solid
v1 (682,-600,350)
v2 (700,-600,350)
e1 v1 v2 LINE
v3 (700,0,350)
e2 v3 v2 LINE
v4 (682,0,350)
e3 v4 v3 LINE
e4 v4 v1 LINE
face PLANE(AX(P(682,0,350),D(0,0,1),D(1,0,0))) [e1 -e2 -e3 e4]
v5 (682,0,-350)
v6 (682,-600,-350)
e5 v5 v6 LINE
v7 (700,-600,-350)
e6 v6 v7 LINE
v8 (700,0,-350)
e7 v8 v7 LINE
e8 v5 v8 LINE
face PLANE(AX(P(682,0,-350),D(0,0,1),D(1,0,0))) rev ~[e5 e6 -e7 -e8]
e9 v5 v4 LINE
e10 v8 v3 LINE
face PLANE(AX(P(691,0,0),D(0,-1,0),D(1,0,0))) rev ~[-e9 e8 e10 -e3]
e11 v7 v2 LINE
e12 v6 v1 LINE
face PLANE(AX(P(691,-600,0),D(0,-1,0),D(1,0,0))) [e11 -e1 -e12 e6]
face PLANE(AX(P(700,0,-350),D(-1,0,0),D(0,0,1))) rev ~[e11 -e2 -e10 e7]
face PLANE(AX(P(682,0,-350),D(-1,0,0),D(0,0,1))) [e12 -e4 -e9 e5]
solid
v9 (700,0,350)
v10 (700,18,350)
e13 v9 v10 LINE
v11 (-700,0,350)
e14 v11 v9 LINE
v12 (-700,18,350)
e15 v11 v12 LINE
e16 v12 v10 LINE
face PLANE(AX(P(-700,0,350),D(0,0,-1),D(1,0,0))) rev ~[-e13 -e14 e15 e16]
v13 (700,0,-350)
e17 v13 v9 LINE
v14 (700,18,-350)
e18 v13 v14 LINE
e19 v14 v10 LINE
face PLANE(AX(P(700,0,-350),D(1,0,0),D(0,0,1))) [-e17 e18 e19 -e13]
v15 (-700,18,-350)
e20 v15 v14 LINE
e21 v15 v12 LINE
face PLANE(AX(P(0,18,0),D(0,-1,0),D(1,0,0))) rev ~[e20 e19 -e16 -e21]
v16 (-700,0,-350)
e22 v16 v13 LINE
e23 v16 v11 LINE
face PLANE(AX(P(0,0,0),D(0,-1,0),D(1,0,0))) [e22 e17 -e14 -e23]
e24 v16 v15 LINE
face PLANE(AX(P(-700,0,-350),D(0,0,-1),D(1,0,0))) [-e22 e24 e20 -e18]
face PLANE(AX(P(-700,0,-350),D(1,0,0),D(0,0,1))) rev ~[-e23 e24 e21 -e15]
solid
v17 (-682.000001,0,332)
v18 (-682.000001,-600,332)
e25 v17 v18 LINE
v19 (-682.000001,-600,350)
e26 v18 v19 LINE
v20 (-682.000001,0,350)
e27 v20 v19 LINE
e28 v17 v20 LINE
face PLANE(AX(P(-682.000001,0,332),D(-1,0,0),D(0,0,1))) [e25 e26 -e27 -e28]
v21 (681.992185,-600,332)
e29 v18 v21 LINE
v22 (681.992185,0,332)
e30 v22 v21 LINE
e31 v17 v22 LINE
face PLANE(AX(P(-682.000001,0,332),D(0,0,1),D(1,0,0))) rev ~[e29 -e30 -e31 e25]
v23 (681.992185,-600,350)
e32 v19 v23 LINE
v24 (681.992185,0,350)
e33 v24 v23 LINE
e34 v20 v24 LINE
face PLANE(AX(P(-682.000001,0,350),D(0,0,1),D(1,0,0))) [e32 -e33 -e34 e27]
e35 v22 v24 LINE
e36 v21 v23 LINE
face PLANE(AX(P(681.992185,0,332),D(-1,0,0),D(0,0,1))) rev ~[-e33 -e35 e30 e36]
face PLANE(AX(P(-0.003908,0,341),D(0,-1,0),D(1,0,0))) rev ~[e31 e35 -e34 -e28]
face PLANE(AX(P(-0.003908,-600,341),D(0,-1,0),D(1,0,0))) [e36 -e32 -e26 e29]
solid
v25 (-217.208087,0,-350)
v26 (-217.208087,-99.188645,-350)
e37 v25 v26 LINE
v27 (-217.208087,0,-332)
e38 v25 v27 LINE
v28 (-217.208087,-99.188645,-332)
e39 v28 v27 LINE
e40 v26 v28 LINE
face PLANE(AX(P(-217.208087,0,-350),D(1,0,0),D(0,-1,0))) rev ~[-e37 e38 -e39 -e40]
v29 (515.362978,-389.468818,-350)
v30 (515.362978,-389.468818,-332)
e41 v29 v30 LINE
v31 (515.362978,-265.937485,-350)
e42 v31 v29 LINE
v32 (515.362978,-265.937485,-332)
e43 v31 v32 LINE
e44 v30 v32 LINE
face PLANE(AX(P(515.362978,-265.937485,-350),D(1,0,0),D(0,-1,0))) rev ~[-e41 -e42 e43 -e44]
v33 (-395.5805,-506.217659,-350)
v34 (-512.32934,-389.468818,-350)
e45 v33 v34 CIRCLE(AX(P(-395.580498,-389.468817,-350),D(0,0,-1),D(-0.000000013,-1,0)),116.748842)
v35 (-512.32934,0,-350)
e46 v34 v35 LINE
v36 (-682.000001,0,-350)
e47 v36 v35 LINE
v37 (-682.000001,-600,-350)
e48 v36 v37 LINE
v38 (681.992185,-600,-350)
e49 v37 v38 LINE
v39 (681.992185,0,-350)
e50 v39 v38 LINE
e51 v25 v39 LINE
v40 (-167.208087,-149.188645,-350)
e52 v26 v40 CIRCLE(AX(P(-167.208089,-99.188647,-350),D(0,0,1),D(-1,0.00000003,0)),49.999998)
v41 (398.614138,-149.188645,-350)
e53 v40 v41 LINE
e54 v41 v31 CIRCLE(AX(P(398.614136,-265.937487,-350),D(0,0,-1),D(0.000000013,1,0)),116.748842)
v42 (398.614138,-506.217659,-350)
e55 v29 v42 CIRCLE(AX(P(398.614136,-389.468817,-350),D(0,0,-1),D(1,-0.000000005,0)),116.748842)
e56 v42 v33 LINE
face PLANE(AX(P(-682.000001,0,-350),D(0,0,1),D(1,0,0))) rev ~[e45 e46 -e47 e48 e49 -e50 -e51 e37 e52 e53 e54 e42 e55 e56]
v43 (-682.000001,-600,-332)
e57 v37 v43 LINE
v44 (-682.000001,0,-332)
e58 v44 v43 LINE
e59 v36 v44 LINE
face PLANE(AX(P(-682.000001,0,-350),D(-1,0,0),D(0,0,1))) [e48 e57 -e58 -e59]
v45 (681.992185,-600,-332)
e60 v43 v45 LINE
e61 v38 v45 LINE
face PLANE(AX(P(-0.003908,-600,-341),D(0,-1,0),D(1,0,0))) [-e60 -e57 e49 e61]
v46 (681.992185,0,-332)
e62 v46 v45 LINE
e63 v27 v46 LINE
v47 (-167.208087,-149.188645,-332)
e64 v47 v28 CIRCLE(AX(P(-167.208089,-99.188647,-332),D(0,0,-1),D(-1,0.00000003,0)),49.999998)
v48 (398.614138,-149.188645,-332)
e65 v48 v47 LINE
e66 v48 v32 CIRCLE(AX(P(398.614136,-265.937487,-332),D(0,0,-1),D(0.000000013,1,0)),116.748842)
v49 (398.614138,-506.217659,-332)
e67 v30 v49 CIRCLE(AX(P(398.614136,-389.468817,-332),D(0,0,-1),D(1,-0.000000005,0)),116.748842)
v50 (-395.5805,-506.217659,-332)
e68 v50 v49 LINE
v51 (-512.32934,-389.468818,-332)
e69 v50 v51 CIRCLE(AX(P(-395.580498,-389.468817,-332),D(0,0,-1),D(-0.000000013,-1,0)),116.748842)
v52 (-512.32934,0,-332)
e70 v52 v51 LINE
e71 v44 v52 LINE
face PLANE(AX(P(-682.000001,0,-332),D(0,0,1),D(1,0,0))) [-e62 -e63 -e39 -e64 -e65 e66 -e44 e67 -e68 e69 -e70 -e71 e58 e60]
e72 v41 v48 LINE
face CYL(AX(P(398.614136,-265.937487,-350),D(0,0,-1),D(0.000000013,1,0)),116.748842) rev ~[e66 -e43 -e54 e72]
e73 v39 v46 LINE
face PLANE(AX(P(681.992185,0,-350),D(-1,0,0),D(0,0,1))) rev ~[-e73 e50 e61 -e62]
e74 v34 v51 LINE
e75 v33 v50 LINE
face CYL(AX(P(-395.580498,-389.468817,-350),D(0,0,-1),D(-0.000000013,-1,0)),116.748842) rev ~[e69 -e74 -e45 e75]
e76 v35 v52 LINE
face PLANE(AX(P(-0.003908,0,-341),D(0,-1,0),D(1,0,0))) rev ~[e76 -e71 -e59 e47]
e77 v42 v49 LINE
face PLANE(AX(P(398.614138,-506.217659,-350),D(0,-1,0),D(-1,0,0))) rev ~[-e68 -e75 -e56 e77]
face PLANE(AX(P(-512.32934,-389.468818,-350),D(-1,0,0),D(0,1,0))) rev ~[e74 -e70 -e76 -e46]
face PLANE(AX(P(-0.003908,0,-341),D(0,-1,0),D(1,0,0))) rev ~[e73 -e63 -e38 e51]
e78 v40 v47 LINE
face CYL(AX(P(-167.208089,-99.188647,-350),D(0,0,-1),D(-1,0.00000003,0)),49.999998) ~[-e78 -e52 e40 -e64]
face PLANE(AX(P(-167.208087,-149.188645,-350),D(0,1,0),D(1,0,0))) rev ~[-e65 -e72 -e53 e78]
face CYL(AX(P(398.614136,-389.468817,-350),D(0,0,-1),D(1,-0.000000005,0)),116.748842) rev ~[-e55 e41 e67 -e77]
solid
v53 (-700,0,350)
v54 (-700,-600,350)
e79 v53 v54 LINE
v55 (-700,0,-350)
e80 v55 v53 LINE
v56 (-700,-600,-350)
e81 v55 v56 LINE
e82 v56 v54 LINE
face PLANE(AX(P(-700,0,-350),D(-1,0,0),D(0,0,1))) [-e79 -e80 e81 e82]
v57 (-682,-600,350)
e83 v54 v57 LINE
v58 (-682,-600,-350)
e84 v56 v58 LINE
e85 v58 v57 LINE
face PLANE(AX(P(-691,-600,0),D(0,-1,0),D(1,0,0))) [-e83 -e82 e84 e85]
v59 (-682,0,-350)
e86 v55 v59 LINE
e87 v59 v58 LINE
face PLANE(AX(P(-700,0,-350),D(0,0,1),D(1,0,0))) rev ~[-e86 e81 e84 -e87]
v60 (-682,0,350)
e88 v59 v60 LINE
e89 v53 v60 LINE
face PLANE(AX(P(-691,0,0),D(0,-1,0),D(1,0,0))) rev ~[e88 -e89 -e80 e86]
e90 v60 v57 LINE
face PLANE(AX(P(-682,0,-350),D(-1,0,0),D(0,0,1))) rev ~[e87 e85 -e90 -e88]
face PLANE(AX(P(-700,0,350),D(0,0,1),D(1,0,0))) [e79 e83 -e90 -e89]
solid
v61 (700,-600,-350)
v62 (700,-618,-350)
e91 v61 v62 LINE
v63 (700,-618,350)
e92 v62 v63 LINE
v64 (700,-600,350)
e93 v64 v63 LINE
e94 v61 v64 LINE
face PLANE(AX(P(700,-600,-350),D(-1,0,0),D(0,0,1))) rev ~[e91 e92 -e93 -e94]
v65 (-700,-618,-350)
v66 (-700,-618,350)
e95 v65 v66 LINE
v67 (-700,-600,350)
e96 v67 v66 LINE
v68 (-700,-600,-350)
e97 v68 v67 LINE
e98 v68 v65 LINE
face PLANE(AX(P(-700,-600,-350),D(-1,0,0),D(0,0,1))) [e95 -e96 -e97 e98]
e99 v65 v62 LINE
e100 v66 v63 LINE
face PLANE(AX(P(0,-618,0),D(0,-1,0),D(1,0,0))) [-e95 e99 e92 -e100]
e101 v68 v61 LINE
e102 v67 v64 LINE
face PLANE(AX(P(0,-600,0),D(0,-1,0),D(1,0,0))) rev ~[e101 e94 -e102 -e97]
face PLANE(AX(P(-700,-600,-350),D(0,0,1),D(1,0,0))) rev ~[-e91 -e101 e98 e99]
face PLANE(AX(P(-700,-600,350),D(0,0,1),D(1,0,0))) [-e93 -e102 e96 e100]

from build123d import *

# Parameters (mm, degrees)
F0_W     = 1400
F0_H     = 700
F2_DEPTH = 18
F1_W     = 18
F1_H     = 700
F3_DEPTH = 600
F5_W     = 1363.992185
F5_H     = 18
F6_DEPTH = 600
F4_W     = 1400
F4_H     = 700
F7_DEPTH = 18
F9_DEPTH = 25


with BuildPart() as f2:
    # F0 (on Front) → F2 (new body)
    with BuildSketch(Plane.XZ):
        Rectangle(F0_W, F0_H)
    extrude(amount=-F2_DEPTH)


with BuildPart() as f3:
    # F1 (on Front) → F3 (new body)
    with BuildSketch(Plane.XZ):
        with Locations((-691, 0)):
            Rectangle(F1_W, F1_H)
        with Locations((691, 0)):
            Rectangle(F1_W, F1_H)
    extrude(amount=F3_DEPTH)


with BuildPart() as f6:
    # F5 (on Front) → F6 (new body)
    with BuildSketch(Plane.XZ):
        with Locations((-0.003908, 341)):
            Rectangle(F5_W, F5_H)
        with Locations((-0.003908, -341)):
            Rectangle(F5_W, F5_H)
    extrude(amount=F6_DEPTH)

    # F8 (on face) → F9 (cut)
    with BuildSketch(Plane(origin=(0, 0, -350), x_dir=(1, 0, 0), z_dir=(0, 0, -1))):
        with BuildLine():
            Line((398.614138, 506.217659), (-395.5805, 506.217659))
            ThreePointArc((-395.5805, 506.217659), (-478.134396, 472.022715), (-512.32934, 389.468818))
            Line((-512.32934, 389.468818), (-512.32934, 0))
            Line((-512.32934, 0), (-217.208087, 0))
            Line((-217.208087, 0), (-217.208087, 99.188645))
            ThreePointArc((-217.208087, 99.188645), (-202.563427, 134.543984), (-167.208087, 149.188645))
            Line((-167.208087, 149.188645), (398.614138, 149.188645))
            ThreePointArc((398.614138, 149.188645), (481.168034, 183.383589), (515.362978, 265.937485))
            Line((515.362978, 265.937485), (515.362978, 389.468818))
            ThreePointArc((515.362978, 389.468818), (481.168034, 472.022715), (398.614138, 506.217659))
        make_face()
    extrude(amount=-F9_DEPTH, mode=Mode.SUBTRACT)


with BuildPart() as f7:
    # F4 (on face) → F7 (new body)
    with BuildSketch(Plane.XZ.offset(600)):
        Rectangle(F4_W, F4_H)
    extrude(amount=F7_DEPTH)


solid = Compound([f2.part, f3.part, f6.part, f7.part])
